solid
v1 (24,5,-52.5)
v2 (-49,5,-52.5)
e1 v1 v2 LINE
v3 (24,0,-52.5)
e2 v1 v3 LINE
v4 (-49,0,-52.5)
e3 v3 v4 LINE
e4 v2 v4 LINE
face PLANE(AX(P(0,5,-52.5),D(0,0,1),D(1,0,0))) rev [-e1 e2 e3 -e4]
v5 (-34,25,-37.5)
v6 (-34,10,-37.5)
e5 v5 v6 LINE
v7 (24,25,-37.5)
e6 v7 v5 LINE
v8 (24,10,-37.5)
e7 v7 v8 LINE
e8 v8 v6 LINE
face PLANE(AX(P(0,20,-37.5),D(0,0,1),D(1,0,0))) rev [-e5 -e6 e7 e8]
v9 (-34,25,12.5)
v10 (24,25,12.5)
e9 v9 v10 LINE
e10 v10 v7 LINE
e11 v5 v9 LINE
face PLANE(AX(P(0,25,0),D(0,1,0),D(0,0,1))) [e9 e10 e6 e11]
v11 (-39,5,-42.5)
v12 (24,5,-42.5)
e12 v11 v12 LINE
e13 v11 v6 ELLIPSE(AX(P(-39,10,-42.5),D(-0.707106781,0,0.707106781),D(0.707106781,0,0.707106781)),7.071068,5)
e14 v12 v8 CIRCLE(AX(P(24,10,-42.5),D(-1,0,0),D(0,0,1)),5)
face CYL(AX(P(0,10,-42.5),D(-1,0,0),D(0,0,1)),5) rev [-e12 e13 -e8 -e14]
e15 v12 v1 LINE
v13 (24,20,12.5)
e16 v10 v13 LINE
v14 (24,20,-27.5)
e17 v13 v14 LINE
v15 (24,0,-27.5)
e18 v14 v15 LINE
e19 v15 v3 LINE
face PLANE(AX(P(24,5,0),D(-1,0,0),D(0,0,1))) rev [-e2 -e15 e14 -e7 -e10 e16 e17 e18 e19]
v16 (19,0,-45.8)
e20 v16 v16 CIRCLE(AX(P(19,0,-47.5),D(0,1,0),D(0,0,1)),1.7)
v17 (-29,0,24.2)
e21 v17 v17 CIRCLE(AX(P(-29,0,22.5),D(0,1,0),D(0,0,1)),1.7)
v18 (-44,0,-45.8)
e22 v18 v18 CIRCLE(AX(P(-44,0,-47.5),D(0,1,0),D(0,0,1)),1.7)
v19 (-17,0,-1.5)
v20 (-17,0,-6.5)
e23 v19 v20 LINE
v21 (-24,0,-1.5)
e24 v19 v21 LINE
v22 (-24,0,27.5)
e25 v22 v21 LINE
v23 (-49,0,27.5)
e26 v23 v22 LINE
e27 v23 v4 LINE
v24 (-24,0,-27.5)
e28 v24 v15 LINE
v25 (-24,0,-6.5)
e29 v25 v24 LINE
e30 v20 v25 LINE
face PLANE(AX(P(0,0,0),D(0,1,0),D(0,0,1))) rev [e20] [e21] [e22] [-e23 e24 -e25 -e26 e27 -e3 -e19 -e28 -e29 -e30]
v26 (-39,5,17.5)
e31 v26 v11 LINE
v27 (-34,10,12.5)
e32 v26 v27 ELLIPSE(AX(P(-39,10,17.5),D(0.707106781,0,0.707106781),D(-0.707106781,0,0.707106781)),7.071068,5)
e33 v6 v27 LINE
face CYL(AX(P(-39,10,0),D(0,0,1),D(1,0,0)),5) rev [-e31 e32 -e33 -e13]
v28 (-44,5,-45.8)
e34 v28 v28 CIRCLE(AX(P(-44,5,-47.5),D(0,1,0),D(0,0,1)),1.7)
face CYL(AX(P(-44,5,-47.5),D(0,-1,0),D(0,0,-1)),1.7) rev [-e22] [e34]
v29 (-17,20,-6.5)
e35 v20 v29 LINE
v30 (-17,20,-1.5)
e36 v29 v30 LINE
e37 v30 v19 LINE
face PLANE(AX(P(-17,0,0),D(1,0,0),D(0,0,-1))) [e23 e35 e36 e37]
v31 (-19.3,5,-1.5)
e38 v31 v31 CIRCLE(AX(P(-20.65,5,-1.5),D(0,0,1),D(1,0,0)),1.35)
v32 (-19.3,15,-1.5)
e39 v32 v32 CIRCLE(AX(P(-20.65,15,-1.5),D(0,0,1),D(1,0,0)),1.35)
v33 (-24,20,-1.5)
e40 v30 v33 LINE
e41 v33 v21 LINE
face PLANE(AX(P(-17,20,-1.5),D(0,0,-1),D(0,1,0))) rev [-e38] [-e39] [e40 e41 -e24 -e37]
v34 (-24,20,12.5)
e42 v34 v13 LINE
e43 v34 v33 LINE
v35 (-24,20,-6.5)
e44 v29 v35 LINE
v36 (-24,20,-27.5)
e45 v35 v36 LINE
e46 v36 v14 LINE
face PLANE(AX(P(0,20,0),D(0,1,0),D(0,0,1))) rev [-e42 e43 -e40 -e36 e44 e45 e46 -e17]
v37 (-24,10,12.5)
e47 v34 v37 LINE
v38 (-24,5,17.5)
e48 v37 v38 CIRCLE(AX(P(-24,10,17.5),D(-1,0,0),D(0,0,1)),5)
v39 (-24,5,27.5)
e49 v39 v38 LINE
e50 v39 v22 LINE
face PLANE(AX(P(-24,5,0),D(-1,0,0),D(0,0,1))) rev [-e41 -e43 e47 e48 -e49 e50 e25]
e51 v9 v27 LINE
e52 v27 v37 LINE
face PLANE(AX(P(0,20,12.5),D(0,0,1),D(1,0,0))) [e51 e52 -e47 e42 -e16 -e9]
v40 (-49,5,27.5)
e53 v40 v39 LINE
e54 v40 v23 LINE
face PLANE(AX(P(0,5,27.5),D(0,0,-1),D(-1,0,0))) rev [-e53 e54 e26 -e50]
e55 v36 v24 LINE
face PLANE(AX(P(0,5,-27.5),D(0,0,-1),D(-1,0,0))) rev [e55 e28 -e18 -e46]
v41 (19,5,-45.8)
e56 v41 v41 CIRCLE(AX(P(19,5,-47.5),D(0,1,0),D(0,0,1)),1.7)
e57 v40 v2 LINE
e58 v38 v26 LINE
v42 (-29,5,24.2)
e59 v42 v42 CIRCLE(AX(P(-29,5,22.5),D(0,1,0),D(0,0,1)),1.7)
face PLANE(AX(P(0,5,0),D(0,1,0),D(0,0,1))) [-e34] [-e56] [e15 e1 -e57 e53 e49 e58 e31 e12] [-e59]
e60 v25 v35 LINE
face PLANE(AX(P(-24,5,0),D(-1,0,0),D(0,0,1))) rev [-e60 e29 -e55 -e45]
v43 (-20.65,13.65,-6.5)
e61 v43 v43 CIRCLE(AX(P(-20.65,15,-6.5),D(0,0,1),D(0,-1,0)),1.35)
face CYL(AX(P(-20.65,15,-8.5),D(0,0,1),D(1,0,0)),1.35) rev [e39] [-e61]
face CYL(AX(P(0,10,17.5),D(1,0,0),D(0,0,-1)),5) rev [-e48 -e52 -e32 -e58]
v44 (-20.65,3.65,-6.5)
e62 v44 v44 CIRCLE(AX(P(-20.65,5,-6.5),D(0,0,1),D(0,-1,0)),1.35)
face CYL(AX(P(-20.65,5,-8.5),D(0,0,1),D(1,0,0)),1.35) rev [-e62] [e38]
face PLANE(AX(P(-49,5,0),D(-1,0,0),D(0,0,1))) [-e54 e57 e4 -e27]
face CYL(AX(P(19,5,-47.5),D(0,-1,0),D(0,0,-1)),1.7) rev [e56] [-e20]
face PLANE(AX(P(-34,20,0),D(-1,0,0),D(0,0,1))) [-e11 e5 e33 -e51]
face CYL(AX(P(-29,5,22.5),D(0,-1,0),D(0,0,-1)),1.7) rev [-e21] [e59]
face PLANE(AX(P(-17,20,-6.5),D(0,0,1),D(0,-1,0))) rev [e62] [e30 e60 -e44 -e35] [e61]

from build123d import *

# Parameters (mm, degrees)
SKETCH_1_W          = 25
SKETCH_1_H          = 55
SKETCH_1_R          = 1.7
SKETCH_1_W_2        = 48
SKETCH_1_H_2        = 25
EXTRUDE_1_DEPTH     = 5
SKETCH_2_W          = 48
SKETCH_2_H          = 10
SKETCH_2_W_2        = 10
SKETCH_2_H_2        = 40
EXTRUDE_2_DEPTH     = 15
SKETCH_3_W          = 58
SKETCH_3_H          = 50
EXTRUDE_3_DEPTH     = 5
SKETCH_4_W          = 5
SKETCH_4_H          = 20
EXTRUDE_4_DEPTH     = 7
SKETCH_5_R          = 1.35
CUT_EXTRUDE_1_DEPTH = 7
FILLET_1_R          = 5


with BuildPart() as part:
    # 草图1 → 凸台-拉伸1 (new body)
    # profile 1 of 3: a face of its own
    with BuildSketch(Plane(origin=(0, 0, 0), x_dir=(1, 0, 0), z_dir=(0, 1, 0))):
        with Locations((-36.5, 0)):
            Rectangle(SKETCH_1_W, SKETCH_1_H)
        with Locations(Location((-29, -22.5, 0), (0, 0, 270))):
            Circle(SKETCH_1_R, mode=Mode.SUBTRACT)
    # profile 2 of 3: a face of its own
    with BuildSketch(Plane(origin=(0, 0, 0), x_dir=(1, 0, 0), z_dir=(0, 1, 0))):
        with Locations((0, 40)):
            Rectangle(SKETCH_1_W_2, SKETCH_1_H_2)
        with Locations(Location((19, 47.5, 0), (0, 0, 270))):
            Circle(SKETCH_1_R, mode=Mode.SUBTRACT)
    # profile 3 of 3: a face of its own
    with BuildSketch(Plane(origin=(0, 0, 0), x_dir=(1, 0, 0), z_dir=(0, 1, 0))):
        with Locations((-36.5, 40)):
            Rectangle(SKETCH_1_W, SKETCH_1_H_2)
        with Locations(Location((-44, 47.5, 0), (0, 0, 270))):
            Circle(SKETCH_1_R, mode=Mode.SUBTRACT)
    extrude(amount=EXTRUDE_1_DEPTH)

    # 草图2 → 凸台-拉伸2 (add)
    with BuildSketch(Plane(origin=(0, 5, 0), x_dir=(1, 0, 0), z_dir=(0, 1, 0))):
        with Locations((0, 32.5)):
            Rectangle(SKETCH_2_W, SKETCH_2_H)
        with Locations((-29, 32.5)):
            Rectangle(SKETCH_2_W_2, SKETCH_2_H)
        with Locations((-29, 7.5)):
            Rectangle(SKETCH_2_W_2, SKETCH_2_H_2)
    extrude(amount=EXTRUDE_2_DEPTH)

    # 草图3 → 凸台-拉伸3 (add)
    with BuildSketch(Plane(origin=(0, 20, 0), x_dir=(1, 0, 0), z_dir=(0, 1, 0))):
        with Locations((-5, 12.5)):
            Rectangle(SKETCH_3_W, SKETCH_3_H)
    extrude(amount=EXTRUDE_3_DEPTH)

    # 草图4 → 凸台-拉伸4 (add)
    with BuildSketch(Plane(origin=(-24, 0, 0), x_dir=(0, 0, -1), z_dir=(1, 0, 0))):
        with Locations((4, 10)):
            Rectangle(SKETCH_4_W, SKETCH_4_H)
    extrude(amount=EXTRUDE_4_DEPTH)

    # 草图5 → 切除-拉伸1 (cut)
    with BuildSketch(Plane.XY.offset(-1.5)):
        with Locations((-20.65, 5)):
            Circle(SKETCH_5_R)
        with Locations((-20.65, 15)):
            Circle(SKETCH_5_R)
    extrude(amount=-CUT_EXTRUDE_1_DEPTH, mode=Mode.SUBTRACT)

    # 圆角1
    fillet_1_edges = [part.edges().sort_by_distance(p)[0] for p in [
        (-5, 5, -37.5),
        (-29, 5, 12.5),
        (-34, 5, -12.5),
    ]]
    fillet(fillet_1_edges, radius=FILLET_1_R)


solid = part.part
